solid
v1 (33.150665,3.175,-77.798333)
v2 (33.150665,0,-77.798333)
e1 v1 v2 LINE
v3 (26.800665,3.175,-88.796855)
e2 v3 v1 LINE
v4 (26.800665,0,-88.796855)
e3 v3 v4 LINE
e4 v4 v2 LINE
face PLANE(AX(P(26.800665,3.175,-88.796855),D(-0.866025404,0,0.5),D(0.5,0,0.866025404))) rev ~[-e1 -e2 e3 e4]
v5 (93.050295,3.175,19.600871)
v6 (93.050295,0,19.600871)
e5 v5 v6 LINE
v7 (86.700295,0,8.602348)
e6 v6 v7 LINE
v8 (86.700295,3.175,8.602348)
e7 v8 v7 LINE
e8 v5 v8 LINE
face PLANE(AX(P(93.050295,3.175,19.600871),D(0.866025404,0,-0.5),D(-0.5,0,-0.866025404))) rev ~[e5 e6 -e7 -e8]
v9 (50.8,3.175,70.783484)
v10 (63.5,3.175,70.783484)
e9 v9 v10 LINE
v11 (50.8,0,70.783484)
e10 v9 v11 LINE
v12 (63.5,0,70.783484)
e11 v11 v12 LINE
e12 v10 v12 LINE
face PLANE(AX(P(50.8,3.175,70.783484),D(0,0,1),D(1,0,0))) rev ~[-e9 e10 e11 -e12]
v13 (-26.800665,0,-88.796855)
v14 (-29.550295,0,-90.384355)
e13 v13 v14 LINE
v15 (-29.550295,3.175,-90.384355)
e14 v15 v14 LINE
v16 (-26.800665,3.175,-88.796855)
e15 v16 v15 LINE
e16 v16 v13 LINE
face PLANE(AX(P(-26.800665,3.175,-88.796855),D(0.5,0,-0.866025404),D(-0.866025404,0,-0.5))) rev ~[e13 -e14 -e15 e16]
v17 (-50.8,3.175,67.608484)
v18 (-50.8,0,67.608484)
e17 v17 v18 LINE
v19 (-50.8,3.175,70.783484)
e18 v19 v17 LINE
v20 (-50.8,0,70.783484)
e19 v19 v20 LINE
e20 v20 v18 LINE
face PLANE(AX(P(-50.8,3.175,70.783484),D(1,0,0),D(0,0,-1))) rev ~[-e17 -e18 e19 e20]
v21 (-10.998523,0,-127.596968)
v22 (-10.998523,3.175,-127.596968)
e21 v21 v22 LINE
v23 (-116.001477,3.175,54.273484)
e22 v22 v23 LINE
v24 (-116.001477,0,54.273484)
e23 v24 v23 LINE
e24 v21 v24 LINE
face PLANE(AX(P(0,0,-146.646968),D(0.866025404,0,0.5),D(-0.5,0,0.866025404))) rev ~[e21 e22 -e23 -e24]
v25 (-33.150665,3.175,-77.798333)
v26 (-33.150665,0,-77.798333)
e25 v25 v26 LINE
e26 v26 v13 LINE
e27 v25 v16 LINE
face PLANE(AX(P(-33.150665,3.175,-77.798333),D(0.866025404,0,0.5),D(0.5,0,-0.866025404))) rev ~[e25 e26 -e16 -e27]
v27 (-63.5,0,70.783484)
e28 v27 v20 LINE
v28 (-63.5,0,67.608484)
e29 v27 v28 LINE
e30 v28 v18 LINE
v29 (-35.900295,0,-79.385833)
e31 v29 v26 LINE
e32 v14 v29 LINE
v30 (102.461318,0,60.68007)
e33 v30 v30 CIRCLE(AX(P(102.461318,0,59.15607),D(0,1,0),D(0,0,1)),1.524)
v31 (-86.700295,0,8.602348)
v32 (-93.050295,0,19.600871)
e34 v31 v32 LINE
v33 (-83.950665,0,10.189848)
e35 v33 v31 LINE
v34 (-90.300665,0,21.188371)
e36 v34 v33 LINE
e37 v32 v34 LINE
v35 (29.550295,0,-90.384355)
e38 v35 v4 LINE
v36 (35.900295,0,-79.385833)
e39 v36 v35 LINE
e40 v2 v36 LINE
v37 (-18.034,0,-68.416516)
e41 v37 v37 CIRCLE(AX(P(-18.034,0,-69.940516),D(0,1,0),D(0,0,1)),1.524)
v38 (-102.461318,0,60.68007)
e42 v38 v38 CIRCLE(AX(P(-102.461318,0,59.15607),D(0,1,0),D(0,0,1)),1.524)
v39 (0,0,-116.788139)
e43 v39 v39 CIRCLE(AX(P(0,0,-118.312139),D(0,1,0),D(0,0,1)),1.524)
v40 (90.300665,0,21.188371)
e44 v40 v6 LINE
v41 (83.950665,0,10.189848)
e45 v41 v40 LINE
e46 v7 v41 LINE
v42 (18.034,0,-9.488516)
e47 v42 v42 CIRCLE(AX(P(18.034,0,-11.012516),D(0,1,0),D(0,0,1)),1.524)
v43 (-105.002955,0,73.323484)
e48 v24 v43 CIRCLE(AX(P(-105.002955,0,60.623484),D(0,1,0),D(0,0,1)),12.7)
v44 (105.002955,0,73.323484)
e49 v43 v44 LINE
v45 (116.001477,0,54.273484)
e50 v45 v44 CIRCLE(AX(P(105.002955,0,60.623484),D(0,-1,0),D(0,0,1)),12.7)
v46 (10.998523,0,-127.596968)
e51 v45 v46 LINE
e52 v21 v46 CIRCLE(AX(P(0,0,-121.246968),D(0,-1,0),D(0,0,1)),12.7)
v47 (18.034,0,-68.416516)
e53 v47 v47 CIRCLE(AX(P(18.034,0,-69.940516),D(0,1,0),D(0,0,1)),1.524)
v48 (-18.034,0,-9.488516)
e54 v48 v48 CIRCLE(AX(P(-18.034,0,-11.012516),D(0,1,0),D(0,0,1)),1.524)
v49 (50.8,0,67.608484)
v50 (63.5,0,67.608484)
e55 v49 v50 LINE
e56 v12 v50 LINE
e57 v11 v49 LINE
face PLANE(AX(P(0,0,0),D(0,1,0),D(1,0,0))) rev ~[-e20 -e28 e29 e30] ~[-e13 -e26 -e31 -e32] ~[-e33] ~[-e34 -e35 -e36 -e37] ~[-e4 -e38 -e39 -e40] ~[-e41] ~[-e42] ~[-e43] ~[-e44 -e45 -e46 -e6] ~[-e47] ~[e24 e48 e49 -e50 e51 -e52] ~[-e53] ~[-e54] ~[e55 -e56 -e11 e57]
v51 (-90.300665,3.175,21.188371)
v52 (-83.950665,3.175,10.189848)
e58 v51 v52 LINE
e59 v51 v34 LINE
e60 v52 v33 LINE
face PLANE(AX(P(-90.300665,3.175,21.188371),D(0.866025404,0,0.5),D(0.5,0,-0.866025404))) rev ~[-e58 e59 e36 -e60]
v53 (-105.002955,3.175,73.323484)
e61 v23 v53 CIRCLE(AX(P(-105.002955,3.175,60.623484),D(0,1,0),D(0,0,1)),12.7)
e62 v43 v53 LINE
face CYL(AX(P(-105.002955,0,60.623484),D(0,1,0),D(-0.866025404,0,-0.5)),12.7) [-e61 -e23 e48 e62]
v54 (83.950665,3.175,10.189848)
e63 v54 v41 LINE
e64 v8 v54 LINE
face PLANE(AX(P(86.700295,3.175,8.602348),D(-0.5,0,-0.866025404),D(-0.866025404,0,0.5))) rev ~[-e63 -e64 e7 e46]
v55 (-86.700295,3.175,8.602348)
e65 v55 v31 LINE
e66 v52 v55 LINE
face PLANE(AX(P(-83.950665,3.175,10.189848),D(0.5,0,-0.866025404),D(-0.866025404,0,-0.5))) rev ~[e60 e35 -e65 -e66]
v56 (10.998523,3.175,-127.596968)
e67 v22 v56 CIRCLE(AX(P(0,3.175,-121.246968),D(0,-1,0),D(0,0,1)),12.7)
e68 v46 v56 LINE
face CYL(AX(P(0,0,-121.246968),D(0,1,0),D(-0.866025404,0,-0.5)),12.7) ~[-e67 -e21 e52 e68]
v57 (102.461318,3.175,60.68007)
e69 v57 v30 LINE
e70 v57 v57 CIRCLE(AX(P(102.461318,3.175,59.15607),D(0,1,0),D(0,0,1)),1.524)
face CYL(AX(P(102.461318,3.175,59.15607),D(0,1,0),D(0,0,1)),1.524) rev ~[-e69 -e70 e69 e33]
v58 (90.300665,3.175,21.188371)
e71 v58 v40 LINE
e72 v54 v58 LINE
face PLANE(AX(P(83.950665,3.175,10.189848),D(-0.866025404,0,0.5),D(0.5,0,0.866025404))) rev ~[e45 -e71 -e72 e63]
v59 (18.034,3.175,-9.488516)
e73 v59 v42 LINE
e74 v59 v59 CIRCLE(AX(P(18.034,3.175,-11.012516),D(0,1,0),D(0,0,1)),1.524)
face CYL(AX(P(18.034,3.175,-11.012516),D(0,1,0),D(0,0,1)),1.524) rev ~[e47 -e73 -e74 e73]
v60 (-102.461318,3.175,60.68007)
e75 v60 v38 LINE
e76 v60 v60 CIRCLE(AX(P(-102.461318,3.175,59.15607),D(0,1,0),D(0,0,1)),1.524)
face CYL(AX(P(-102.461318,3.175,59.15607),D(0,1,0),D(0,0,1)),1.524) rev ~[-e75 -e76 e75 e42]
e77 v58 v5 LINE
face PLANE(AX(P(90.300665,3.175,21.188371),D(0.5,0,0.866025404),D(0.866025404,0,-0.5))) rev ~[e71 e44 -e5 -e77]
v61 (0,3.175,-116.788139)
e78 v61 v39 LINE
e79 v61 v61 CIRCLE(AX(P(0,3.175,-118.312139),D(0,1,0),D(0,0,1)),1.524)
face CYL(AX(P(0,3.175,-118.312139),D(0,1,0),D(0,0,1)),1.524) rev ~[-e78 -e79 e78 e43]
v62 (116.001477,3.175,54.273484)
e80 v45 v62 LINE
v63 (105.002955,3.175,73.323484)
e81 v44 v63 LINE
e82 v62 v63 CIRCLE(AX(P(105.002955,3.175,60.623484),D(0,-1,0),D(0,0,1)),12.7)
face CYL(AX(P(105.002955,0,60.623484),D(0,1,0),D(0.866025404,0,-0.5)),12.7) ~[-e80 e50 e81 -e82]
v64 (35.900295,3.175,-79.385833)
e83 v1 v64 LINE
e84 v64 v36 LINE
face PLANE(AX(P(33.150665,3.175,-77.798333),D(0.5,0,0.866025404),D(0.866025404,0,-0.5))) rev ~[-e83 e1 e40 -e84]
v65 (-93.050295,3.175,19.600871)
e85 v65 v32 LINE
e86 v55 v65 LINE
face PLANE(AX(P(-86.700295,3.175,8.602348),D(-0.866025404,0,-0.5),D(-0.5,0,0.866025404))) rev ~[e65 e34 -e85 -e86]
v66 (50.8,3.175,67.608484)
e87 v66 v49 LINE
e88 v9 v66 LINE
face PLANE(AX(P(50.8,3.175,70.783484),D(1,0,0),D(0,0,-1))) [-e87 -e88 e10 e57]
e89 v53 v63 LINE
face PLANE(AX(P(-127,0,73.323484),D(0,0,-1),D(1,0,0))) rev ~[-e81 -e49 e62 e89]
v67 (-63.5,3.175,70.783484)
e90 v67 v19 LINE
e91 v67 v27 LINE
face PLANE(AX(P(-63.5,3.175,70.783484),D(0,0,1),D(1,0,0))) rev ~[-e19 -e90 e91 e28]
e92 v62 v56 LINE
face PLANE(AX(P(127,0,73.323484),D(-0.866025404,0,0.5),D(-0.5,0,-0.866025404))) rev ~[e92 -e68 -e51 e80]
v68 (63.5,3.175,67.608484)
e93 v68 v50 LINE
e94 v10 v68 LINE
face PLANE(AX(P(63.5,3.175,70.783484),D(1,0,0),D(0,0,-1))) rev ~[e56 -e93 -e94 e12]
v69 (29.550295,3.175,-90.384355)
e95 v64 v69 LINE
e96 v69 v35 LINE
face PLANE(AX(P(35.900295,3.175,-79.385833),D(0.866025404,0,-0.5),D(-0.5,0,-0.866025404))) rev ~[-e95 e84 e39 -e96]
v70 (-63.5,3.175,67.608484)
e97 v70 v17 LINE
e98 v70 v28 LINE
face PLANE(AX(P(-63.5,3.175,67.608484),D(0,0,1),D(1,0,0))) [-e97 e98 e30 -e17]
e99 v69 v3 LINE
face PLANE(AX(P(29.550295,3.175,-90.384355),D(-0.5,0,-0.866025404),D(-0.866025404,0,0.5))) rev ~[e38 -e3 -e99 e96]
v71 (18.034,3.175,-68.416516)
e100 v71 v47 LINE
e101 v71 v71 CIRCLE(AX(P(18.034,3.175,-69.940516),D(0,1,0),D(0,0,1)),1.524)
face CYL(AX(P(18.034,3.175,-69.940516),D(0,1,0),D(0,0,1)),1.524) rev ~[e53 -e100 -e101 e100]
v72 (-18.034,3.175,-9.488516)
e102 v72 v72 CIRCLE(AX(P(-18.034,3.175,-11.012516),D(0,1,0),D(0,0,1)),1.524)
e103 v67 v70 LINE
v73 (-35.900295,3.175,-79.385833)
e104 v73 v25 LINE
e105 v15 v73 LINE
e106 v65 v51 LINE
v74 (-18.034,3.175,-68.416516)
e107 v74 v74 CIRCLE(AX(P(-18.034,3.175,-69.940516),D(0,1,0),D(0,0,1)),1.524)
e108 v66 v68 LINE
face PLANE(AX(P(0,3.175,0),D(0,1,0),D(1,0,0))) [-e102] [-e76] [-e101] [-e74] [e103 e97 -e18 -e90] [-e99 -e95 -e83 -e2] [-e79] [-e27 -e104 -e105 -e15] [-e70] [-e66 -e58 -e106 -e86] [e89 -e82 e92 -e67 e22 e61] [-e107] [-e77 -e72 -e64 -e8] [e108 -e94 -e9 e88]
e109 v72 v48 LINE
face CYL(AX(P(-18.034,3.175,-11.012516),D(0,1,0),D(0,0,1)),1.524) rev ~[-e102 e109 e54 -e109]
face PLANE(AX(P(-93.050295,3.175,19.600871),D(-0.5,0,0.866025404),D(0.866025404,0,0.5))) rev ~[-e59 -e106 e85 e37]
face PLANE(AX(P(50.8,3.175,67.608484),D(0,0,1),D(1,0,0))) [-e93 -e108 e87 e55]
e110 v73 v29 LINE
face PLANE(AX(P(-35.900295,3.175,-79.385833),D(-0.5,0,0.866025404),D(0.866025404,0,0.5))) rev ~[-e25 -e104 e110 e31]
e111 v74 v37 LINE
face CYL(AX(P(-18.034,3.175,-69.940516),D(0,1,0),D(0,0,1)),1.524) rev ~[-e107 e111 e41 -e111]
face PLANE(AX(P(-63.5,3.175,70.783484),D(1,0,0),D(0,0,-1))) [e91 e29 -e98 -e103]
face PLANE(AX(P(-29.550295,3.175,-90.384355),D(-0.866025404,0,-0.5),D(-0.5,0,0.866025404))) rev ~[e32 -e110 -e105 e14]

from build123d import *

# Parameters (mm, degrees)
BOSS_EXTRUDE1_DEPTH = 3.175
SKETCH2_R           = 1.524
CUT_EXTRUDE2_DEPTH  = 195.021684248
FILLET1_R           = 12.7
SKETCH3_W           = 12.7
SKETCH3_H           = 3.175
CUT_EXTRUDE3_DEPTH  = 179.341965104
SKETCH4_R           = 1.524
CUT_EXTRUDE4_DEPTH  = 179.341965104


with BuildPart() as part:
    # Sketch1 → Boss-Extrude1 (new body)
    with BuildSketch(Plane(origin=(0, 0, 0), x_dir=(1, 0, 0), z_dir=(0, 1, 0))):
        Polygon((0, 146.646968374), (-127, -73.323484187), (127, -73.323484187), align=None)
    extrude(amount=BOSS_EXTRUDE1_DEPTH)

    # Sketch2 → Cut-Extrude2 (cut, through all)
    with BuildSketch(Plane(origin=(0, 3.175, 0), x_dir=(1, 0, 0), z_dir=(0, 1, 0))):
        with Locations((-102.461318102, -59.156069588)):
            Circle(SKETCH2_R)
        with Locations((102.461318102, -59.156069588)):
            Circle(SKETCH2_R)
        with Locations((0, 118.312139176)):
            Circle(SKETCH2_R)
    extrude(amount=-CUT_EXTRUDE2_DEPTH, mode=Mode.SUBTRACT)

    # Fillet1
    fillet1_edges = [part.edges().sort_by_distance(p)[0] for p in [
        (-127, 1.5875, 73.323484187),
        (0, 1.5875, -146.646968374),
        (127, 1.5875, 73.323484187),
    ]]
    fillet(fillet1_edges, radius=FILLET1_R)

    # Sketch3 → Cut-Extrude3 (cut, through all)
    with BuildSketch(Plane(origin=(0, 3.175, 0), x_dir=(1, 0, 0), z_dir=(0, 1, 0))):
        Polygon((93.050295474, -19.600871047), (86.700295474, -8.602348419), (83.950664817, -10.189848419), (90.300664817, -21.188371047), align=None)
        Polygon((33.150664817, 77.798332606), (35.900295474, 79.385832606), (29.550295474, 90.384355234), (26.800664817, 88.796855234), align=None)
        with Locations((-57.15, -69.195984187)):
            Rectangle(SKETCH3_W, SKETCH3_H)
        with Locations((57.15, -69.195984187)):
            Rectangle(SKETCH3_W, SKETCH3_H)
        Polygon((-29.550295474, 90.384355234), (-35.900295474, 79.385832606), (-33.150664817, 77.798332606), (-26.800664817, 88.796855234), align=None)
        Polygon((-83.950664817, -10.189848419), (-86.700295474, -8.602348419), (-93.050295474, -19.600871047), (-90.300664817, -21.188371047), align=None)
    extrude(amount=-CUT_EXTRUDE3_DEPTH, mode=Mode.SUBTRACT)

    # Sketch4 → Cut-Extrude4 (cut, through all)
    with BuildSketch(Plane(origin=(0, 3.175, 0), x_dir=(1, 0, 0), z_dir=(0, 1, 0))):
        with Locations((-18.034, 69.940515813)):
            Circle(SKETCH4_R)
        with Locations((18.034, 69.940515813)):
            Circle(SKETCH4_R)
        with Locations((-18.034, 11.012515813)):
            Circle(SKETCH4_R)
        with Locations((18.034, 11.012515813)):
            Circle(SKETCH4_R)
    extrude(amount=-CUT_EXTRUDE4_DEPTH, mode=Mode.SUBTRACT)


solid = part.part
